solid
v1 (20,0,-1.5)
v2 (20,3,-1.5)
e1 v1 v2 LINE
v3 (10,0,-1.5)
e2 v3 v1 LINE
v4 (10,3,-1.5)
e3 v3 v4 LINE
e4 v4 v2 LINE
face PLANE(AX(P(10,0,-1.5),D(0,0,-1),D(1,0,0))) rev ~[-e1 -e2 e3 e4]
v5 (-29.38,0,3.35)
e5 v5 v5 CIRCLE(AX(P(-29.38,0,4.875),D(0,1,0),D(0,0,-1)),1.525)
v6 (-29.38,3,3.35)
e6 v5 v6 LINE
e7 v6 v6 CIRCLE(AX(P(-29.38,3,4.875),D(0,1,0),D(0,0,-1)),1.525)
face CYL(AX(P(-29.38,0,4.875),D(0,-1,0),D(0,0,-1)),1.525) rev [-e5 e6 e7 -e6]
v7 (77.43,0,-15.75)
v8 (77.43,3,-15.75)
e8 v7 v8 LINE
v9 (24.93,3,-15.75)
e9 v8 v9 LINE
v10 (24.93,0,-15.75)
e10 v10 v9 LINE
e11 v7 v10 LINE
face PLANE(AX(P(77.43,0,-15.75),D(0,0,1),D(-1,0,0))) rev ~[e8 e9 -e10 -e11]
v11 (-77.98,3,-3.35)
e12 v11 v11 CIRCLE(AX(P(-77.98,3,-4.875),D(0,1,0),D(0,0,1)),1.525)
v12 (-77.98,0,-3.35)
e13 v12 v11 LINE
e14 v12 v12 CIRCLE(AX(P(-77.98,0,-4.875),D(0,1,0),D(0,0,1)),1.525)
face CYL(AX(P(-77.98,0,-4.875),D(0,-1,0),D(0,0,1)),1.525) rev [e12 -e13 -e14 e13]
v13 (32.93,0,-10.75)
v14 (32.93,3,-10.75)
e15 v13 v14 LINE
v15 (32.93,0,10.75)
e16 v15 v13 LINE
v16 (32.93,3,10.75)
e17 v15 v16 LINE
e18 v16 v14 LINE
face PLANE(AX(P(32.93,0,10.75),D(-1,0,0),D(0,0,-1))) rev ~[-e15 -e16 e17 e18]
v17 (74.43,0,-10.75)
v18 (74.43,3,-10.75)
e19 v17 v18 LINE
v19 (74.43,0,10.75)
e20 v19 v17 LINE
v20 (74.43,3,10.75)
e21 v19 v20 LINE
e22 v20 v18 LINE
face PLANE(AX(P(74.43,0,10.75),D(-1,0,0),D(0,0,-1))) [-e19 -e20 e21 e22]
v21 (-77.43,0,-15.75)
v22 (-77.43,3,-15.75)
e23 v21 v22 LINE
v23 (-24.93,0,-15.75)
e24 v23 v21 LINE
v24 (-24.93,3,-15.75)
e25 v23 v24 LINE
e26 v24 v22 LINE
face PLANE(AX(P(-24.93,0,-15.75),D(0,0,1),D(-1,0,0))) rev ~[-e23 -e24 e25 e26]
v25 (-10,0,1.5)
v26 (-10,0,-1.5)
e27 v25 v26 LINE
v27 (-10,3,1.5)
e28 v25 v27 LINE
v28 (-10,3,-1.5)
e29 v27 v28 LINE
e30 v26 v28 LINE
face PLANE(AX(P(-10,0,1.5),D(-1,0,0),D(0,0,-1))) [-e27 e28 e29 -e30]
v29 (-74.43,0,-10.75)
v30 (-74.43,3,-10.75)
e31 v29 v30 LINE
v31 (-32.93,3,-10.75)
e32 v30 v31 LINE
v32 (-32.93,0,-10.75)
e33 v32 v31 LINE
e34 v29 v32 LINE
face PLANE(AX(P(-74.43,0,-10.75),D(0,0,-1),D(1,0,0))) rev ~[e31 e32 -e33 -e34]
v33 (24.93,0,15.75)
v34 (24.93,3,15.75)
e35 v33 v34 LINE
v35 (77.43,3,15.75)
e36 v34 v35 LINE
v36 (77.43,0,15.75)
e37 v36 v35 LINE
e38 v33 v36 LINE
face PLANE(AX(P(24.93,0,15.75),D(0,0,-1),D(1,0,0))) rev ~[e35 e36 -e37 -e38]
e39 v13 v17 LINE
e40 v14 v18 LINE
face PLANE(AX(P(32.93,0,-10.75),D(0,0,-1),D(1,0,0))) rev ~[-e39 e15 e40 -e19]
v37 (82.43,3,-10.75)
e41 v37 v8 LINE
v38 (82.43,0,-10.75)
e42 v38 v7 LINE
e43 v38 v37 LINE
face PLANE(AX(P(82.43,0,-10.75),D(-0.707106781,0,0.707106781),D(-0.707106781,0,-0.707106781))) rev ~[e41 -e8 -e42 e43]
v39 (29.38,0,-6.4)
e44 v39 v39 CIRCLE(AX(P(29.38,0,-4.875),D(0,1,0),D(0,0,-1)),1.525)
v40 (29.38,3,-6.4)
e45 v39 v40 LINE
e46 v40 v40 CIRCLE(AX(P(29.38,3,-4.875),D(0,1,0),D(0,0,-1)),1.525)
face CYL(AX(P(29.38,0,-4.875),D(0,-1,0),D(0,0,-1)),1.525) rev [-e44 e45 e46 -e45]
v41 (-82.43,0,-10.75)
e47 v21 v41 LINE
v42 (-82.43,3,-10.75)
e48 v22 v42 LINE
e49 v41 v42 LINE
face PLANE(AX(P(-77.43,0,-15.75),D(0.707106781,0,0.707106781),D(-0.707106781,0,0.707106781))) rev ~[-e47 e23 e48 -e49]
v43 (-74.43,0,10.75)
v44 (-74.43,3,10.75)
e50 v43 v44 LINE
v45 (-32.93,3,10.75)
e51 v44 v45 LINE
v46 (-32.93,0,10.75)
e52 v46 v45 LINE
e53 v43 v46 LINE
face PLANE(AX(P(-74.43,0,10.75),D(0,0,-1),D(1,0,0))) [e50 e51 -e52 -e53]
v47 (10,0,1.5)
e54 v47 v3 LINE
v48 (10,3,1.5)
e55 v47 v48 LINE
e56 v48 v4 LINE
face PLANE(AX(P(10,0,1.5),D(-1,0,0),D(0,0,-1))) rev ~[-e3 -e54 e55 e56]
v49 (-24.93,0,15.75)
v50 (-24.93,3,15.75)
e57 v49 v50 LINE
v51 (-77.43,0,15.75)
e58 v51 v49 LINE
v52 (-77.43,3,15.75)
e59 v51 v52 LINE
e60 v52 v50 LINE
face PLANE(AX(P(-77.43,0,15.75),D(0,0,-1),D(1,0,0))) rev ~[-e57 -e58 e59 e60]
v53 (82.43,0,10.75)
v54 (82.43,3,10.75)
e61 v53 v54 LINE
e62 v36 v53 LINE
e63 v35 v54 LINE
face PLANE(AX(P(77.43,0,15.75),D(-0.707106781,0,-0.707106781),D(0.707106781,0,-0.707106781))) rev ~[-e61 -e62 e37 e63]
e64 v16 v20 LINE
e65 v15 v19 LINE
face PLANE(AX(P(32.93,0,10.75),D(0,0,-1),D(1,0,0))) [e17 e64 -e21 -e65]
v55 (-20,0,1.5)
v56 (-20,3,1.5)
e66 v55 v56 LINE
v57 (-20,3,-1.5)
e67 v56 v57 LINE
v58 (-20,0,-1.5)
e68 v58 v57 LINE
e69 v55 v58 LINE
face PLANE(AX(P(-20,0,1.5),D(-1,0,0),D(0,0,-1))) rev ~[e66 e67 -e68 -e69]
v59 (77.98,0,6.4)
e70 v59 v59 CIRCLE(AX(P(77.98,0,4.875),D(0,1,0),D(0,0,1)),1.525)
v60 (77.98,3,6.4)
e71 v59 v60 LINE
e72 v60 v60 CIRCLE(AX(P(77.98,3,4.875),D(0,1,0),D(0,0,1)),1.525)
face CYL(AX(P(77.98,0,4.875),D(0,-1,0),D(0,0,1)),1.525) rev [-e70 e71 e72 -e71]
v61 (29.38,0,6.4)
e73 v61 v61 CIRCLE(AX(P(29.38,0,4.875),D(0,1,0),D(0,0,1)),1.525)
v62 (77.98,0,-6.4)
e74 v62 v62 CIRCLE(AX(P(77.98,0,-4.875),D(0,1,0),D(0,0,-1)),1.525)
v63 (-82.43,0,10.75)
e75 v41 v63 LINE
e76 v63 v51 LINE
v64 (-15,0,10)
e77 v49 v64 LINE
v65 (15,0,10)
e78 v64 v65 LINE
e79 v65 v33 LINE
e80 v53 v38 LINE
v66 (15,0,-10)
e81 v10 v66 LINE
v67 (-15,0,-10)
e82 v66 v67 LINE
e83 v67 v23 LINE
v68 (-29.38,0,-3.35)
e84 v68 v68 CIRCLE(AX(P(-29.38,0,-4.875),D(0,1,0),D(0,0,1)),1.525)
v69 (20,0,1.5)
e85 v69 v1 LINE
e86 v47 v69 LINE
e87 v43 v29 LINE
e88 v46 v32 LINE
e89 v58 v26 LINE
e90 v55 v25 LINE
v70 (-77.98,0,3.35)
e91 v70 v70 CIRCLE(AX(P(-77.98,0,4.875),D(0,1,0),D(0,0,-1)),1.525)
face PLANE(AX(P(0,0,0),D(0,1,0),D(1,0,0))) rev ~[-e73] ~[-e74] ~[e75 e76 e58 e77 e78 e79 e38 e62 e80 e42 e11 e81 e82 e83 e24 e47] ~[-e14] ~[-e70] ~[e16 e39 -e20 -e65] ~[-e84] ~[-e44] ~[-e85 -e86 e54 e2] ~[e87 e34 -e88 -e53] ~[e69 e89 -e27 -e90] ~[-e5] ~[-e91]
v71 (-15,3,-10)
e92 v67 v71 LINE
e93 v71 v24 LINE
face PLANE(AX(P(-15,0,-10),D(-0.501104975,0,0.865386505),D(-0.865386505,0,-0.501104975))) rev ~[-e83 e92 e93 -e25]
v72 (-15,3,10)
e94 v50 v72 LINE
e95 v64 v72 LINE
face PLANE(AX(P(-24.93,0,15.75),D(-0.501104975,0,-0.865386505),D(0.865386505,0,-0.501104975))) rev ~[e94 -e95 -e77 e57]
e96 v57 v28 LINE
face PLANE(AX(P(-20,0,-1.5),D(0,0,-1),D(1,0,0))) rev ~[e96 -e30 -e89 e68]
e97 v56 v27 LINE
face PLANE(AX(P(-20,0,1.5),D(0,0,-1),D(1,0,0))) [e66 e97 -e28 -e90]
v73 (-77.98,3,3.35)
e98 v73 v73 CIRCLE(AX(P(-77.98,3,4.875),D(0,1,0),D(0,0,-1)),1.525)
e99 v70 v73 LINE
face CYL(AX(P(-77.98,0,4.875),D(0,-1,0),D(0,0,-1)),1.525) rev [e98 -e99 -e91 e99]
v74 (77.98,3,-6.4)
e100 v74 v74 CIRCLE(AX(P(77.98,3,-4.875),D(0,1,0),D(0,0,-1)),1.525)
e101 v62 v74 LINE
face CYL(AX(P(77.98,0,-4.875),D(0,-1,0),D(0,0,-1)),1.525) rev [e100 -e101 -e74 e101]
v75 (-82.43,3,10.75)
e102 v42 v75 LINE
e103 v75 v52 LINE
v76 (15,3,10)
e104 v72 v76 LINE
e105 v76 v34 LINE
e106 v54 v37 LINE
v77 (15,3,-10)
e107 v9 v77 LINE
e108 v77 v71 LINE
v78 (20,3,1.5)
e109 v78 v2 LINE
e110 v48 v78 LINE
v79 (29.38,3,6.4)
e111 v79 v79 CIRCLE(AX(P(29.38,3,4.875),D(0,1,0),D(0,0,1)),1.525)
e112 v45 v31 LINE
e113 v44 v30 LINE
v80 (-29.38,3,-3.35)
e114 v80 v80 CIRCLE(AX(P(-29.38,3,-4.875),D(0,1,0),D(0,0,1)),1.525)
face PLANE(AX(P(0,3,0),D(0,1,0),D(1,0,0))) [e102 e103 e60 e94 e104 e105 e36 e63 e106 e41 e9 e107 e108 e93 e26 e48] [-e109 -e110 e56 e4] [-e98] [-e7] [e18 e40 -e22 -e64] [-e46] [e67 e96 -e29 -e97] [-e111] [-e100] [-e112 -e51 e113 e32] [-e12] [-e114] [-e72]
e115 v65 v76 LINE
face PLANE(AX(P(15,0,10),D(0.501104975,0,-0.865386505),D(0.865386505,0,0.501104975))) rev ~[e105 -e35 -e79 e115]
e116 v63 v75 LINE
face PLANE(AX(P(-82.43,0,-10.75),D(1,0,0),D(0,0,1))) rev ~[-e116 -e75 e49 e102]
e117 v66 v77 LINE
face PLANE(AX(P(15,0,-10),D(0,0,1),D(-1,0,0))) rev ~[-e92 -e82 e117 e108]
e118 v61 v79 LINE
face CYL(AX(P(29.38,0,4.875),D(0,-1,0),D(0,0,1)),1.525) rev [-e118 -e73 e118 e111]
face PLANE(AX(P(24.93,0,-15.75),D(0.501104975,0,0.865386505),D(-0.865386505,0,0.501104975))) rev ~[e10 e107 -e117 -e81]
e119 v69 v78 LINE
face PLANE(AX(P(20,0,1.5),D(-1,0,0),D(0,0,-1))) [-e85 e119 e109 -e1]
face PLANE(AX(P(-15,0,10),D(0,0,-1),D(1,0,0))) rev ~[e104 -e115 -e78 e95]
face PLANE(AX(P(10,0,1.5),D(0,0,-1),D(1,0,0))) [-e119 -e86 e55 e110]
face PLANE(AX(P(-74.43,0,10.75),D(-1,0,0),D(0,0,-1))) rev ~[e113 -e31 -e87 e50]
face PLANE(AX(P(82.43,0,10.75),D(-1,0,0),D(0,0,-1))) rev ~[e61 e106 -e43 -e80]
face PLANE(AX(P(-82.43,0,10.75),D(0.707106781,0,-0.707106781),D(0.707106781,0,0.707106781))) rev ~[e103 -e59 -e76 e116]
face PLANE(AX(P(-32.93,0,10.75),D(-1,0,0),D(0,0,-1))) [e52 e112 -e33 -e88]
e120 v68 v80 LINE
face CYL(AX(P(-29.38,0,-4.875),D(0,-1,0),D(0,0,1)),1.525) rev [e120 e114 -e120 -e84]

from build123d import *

# Parameters (mm, degrees)
SKETCH_1_R      = 1.525
SKETCH_1_W      = 41.5
SKETCH_1_H      = 21.5
SKETCH_1_W_2    = 10
SKETCH_1_H_2    = 3
EXTRUDE_1_DEPTH = 3


with BuildPart() as part:
    # 草图1 → 凸台-拉伸1 (new body)
    with BuildSketch(Plane(origin=(0, 0, 0), x_dir=(1, 0, 0), z_dir=(0, 1, 0))):
        Polygon((15, 10), (-15, 10), (-24.93, 15.75), (-77.43, 15.75), (-82.43, 10.75), (-82.43, -10.75), (-77.43, -15.75), (-24.93, -15.75), (-15, -10), (15, -10), (24.93, -15.75), (77.43, -15.75), (82.43, -10.75), (82.43, 10.75), (77.43, 15.75), (24.93, 15.75), align=None)
        with Locations(Location((-77.98, 4.875, 0), (0, 0, 270))):
            Circle(SKETCH_1_R, mode=Mode.SUBTRACT)
        with Locations(Location((-77.98, -4.875, 0), (0, 0, 90))):
            Circle(SKETCH_1_R, mode=Mode.SUBTRACT)
        with Locations(Location((77.98, -4.875, 0), (0, 0, 270))):
            Circle(SKETCH_1_R, mode=Mode.SUBTRACT)
        with Locations(Location((77.98, 4.875, 0), (0, 0, 90))):
            Circle(SKETCH_1_R, mode=Mode.SUBTRACT)
        with Locations(Location((-29.38, 4.875, 0), (0, 0, 270))):
            Circle(SKETCH_1_R, mode=Mode.SUBTRACT)
        with Locations(Location((-29.38, -4.875, 0), (0, 0, 90))):
            Circle(SKETCH_1_R, mode=Mode.SUBTRACT)
        with Locations(Location((29.38, -4.875, 0), (0, 0, 270))):
            Circle(SKETCH_1_R, mode=Mode.SUBTRACT)
        with Locations(Location((29.38, 4.875, 0), (0, 0, 90))):
            Circle(SKETCH_1_R, mode=Mode.SUBTRACT)
        with Locations((-53.68, 0)):
            Rectangle(SKETCH_1_W, SKETCH_1_H, mode=Mode.SUBTRACT)
        with Locations((-15, 0)):
            Rectangle(SKETCH_1_W_2, SKETCH_1_H_2, mode=Mode.SUBTRACT)
        with Locations((53.68, 0)):
            Rectangle(SKETCH_1_W, SKETCH_1_H, mode=Mode.SUBTRACT)
        with Locations((15, 0)):
            Rectangle(SKETCH_1_W_2, SKETCH_1_H_2, mode=Mode.SUBTRACT)
    extrude(amount=EXTRUDE_1_DEPTH)


solid = part.part
